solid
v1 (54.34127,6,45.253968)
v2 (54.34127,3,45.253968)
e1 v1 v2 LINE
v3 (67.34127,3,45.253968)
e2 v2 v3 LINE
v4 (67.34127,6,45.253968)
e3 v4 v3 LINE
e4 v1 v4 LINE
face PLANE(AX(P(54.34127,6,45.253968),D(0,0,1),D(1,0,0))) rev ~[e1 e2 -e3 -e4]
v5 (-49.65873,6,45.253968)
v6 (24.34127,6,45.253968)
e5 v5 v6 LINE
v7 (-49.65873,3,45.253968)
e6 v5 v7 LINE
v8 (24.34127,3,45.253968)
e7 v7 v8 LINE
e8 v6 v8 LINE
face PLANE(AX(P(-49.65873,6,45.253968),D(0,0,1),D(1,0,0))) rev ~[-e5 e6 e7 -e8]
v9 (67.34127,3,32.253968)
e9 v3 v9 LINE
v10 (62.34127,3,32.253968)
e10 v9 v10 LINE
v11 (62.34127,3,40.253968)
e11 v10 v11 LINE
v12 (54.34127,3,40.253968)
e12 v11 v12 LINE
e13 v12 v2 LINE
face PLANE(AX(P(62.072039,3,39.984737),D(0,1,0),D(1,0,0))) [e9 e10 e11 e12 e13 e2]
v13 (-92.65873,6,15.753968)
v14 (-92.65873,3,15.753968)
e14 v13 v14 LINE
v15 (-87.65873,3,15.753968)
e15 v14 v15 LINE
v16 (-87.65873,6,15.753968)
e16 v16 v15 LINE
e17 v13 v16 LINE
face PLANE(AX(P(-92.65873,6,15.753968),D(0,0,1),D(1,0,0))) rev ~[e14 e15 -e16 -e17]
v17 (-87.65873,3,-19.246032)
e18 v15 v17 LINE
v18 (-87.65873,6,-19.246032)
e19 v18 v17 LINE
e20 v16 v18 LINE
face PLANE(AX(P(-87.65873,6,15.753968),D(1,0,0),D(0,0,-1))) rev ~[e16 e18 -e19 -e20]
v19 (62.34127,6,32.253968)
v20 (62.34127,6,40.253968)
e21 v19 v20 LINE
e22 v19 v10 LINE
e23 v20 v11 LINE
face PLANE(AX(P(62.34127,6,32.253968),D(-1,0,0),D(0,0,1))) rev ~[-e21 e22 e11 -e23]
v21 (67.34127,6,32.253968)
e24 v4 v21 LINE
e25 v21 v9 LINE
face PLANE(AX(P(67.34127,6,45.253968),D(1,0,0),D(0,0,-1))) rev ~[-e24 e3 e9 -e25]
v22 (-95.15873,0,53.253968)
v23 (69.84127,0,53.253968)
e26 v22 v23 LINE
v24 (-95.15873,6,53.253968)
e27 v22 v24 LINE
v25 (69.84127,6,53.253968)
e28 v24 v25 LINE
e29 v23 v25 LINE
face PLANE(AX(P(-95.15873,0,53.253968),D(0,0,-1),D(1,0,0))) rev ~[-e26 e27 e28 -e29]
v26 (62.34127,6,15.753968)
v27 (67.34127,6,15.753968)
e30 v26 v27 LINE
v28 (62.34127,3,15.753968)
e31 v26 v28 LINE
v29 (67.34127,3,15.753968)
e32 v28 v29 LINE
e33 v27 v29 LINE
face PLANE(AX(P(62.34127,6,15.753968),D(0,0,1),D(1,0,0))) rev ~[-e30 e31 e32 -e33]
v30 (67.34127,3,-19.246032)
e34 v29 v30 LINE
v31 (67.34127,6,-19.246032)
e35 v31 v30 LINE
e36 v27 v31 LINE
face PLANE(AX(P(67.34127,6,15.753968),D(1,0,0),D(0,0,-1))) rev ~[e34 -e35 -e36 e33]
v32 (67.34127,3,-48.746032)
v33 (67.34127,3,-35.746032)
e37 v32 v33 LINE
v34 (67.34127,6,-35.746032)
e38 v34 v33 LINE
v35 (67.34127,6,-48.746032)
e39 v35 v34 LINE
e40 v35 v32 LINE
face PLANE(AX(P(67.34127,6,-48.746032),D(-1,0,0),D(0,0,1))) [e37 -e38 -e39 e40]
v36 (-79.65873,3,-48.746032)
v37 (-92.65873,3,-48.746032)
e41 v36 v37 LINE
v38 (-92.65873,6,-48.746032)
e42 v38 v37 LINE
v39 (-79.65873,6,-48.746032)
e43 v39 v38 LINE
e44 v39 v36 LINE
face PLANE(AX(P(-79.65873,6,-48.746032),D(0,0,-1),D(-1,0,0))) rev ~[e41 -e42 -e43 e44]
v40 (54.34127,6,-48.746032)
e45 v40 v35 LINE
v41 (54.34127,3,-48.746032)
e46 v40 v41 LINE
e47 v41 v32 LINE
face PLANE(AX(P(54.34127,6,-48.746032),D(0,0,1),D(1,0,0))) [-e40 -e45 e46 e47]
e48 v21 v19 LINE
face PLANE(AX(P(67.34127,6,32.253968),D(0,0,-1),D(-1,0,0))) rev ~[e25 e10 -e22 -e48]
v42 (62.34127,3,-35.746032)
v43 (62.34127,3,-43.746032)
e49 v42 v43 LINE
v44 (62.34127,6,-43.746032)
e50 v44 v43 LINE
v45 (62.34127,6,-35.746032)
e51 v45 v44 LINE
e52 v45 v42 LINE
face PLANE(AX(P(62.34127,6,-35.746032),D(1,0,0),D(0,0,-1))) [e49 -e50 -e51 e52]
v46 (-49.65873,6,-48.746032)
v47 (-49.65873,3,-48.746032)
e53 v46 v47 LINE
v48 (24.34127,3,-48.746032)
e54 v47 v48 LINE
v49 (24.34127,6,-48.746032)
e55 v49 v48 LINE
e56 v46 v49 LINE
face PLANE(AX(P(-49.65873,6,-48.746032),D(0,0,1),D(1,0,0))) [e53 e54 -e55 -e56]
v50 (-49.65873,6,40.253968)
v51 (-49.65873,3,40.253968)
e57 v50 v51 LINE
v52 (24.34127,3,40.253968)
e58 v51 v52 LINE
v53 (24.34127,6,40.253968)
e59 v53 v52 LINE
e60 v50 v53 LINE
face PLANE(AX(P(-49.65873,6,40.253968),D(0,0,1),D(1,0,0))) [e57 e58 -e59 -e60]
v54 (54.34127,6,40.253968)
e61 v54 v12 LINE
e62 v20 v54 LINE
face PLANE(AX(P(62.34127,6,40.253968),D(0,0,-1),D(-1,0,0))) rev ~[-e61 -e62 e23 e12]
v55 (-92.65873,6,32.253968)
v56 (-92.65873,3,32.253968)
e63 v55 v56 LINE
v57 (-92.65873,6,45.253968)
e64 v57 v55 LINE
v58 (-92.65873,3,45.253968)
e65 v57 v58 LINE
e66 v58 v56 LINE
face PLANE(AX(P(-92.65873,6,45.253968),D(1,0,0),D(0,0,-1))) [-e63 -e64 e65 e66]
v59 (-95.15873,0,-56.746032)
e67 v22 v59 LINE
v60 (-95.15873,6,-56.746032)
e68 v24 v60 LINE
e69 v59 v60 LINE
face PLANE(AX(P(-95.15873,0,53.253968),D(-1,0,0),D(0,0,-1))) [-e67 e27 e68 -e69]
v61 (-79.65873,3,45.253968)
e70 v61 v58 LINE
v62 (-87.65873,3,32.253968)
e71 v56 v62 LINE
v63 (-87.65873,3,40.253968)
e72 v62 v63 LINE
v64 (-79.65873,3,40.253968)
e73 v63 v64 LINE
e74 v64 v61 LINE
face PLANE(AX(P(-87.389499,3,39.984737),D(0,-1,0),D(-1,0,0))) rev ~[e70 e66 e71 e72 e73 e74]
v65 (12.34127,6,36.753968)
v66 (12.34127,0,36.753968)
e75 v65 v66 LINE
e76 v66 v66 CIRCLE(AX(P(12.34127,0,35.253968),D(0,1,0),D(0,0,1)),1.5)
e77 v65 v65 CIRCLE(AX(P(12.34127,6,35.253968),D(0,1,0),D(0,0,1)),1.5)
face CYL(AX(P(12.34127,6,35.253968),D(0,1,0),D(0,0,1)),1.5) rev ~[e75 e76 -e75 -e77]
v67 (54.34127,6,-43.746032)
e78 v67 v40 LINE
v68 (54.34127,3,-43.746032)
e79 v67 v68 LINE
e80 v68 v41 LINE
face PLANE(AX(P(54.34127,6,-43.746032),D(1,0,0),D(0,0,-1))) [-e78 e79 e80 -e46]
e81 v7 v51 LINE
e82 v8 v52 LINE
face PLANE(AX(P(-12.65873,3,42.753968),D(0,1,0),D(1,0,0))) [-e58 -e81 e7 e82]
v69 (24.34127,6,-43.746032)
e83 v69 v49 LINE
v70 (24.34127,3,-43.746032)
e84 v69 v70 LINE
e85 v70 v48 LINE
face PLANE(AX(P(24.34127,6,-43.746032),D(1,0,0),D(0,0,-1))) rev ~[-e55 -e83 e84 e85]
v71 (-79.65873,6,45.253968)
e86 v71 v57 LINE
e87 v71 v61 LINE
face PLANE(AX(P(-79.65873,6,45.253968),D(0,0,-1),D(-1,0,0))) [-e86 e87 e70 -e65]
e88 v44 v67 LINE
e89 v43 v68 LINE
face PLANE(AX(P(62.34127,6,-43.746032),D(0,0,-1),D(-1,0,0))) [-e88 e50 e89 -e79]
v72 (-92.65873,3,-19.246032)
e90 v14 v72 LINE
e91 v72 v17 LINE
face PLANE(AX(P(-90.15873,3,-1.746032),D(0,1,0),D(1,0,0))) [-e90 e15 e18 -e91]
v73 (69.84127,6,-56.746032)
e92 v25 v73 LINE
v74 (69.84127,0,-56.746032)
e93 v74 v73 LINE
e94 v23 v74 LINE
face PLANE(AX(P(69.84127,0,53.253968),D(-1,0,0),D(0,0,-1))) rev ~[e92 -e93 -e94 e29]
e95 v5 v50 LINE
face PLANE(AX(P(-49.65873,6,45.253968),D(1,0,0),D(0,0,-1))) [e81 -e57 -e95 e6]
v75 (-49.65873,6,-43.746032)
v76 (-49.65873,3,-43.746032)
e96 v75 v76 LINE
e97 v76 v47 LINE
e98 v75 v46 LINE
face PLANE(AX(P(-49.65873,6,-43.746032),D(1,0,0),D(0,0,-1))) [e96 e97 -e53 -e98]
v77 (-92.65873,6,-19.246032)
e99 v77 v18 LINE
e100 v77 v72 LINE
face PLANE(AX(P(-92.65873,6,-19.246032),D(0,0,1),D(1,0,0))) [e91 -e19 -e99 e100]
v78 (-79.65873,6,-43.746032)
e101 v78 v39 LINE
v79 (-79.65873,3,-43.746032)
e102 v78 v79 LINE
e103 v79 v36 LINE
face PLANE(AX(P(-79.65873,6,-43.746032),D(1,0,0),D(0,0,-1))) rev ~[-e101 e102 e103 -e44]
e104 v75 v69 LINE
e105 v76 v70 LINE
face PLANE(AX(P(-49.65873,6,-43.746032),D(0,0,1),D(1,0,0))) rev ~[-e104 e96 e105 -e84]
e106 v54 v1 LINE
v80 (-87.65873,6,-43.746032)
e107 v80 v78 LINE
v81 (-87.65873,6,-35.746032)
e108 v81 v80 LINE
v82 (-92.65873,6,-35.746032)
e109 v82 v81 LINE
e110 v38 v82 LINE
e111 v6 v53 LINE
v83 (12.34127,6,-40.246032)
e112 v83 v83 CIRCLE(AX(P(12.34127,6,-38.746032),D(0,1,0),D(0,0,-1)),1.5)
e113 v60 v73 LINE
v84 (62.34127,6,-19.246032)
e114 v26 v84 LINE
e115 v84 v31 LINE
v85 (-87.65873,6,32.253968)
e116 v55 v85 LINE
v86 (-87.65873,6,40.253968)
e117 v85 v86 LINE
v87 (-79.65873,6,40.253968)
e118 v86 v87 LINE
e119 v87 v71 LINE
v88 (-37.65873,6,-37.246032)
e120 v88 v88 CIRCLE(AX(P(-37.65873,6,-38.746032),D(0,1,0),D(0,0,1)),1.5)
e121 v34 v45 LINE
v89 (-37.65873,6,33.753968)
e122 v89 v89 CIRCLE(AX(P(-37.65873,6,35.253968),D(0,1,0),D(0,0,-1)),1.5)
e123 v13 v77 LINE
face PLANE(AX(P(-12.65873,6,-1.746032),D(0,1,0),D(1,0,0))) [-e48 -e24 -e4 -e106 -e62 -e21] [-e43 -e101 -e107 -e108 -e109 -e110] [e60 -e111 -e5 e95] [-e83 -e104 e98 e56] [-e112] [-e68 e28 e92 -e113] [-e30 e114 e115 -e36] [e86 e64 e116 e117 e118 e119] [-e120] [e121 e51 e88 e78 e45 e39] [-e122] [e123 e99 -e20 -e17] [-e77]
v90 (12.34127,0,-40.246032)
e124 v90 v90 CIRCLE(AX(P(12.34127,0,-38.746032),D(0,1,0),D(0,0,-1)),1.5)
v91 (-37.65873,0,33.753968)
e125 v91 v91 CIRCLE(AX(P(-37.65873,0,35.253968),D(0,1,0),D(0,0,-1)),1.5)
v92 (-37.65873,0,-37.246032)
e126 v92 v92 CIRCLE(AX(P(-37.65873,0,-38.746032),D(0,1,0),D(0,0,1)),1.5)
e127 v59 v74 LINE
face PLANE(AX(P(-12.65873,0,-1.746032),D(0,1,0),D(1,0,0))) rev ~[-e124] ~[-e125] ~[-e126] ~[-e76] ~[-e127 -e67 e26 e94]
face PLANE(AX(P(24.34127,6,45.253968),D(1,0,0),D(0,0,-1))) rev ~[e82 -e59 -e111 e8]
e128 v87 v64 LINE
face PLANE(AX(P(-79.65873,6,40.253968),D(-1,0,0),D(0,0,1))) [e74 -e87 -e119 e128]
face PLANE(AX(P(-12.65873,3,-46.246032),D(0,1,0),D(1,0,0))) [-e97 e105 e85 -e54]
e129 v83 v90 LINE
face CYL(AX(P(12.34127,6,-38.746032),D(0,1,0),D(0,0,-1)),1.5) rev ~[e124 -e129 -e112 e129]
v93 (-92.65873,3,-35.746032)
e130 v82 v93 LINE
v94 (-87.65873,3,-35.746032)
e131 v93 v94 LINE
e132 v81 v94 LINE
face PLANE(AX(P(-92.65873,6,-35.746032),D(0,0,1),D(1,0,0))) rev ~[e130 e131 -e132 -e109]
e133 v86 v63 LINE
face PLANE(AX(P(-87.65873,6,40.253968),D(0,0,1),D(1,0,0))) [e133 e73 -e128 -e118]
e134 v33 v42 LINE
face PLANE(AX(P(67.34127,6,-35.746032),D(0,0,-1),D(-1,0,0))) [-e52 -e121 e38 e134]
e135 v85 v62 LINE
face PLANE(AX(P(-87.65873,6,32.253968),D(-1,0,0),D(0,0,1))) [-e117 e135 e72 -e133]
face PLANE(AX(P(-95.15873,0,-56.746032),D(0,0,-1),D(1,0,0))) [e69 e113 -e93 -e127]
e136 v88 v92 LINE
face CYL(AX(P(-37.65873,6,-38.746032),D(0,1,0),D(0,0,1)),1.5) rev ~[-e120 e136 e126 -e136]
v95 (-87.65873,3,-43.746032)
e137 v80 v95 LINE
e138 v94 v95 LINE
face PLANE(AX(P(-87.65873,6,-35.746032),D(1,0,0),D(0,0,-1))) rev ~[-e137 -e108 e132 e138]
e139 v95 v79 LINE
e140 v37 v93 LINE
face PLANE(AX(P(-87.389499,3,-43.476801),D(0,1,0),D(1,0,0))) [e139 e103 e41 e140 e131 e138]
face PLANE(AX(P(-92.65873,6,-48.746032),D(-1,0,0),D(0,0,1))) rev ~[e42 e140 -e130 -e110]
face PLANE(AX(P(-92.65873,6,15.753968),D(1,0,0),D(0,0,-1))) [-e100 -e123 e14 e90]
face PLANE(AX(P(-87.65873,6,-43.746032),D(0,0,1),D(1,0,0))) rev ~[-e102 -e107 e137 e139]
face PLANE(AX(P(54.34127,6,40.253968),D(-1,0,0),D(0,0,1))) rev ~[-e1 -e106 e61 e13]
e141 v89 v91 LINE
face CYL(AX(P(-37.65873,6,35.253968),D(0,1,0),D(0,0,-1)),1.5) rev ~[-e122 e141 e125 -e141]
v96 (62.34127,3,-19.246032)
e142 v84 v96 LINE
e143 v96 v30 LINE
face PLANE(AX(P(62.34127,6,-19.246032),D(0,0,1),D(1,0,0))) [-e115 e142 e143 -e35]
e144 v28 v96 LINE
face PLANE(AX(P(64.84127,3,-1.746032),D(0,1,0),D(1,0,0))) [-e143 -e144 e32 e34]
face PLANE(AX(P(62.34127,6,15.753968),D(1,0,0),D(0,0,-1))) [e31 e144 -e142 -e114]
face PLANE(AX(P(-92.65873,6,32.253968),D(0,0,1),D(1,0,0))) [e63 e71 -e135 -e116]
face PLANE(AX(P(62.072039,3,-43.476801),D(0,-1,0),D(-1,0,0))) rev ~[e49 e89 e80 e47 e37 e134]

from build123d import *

# Parameters (mm, degrees)
SKETCH1_W           = 165
SKETCH1_H           = 110
BOSS_EXTRUDE1_DEPTH = 6
SKETCH2_W           = 5
SKETCH2_H           = 35
SKETCH2_W_2         = 74
SKETCH2_H_2         = 5
CUT_EXTRUDE1_DEPTH  = 3
SKETCH4_R           = 1.5
CUT_EXTRUDE2_DEPTH  = 111.956279878


with BuildPart() as part:
    # Sketch1 → Boss-Extrude1 (new body)
    with BuildSketch(Plane(origin=(0, 0, 0), x_dir=(1, 0, 0), z_dir=(0, 1, 0))):
        with Locations((-12.658730159, 1.746031746)):
            Rectangle(SKETCH1_W, SKETCH1_H)
    extrude(amount=BOSS_EXTRUDE1_DEPTH)

    # Sketch2 → Cut-Extrude1 (cut)
    with BuildSketch(Plane(origin=(0, 6, 0), x_dir=(1, 0, 0), z_dir=(0, 1, 0))):
        Polygon((-92.658730159, 48.746031746), (-92.658730159, 35.746031746), (-87.658730159, 35.746031746), (-87.658730159, 43.746031746), (-79.658730159, 43.746031746), (-79.658730159, 48.746031746), align=None)
        Polygon((-79.658730159, -40.253968254), (-79.658730159, -45.253968254), (-92.658730159, -45.253968254), (-92.658730159, -32.253968254), (-87.658730159, -32.253968254), (-87.658730159, -40.253968254), align=None)
        Polygon((54.341269841, 43.746031746), (54.341269841, 48.746031746), (67.341269841, 48.746031746), (67.341269841, 35.746031746), (62.341269841, 35.746031746), (62.341269841, 43.746031746), align=None)
        Polygon((62.341269841, -40.253968254), (54.341269841, -40.253968254), (54.341269841, -45.253968254), (67.341269841, -45.253968254), (67.341269841, -32.253968254), (62.341269841, -32.253968254), align=None)
        with Locations((64.841269841, 1.746031746)):
            Rectangle(SKETCH2_W, SKETCH2_H)
        with Locations((-90.158730159, 1.746031746)):
            Rectangle(SKETCH2_W, SKETCH2_H)
        with Locations((-12.658730159, -42.753968254)):
            Rectangle(SKETCH2_W_2, SKETCH2_H_2)
        with Locations((-12.658730159, 46.246031746)):
            Rectangle(SKETCH2_W_2, SKETCH2_H_2)
    extrude(amount=-CUT_EXTRUDE1_DEPTH, mode=Mode.SUBTRACT)

    # Sketch4 → Cut-Extrude2 (cut, through all)
    with BuildSketch(Plane(origin=(0, 6, 0), x_dir=(1, 0, 0), z_dir=(0, 1, 0))):
        with Locations(Location((-37.658730159, 38.746031746, 0), (0, 0, 270))):
            Circle(SKETCH4_R)
        with Locations(Location((12.341269841, 38.746031746, 0), (0, 0, 90))):
            Circle(SKETCH4_R)
        with Locations(Location((12.341269841, -35.253968254, 0), (0, 0, 270))):
            Circle(SKETCH4_R)
        with Locations(Location((-37.658730159, -35.253968254, 0), (0, 0, 90))):
            Circle(SKETCH4_R)
    extrude(amount=-CUT_EXTRUDE2_DEPTH, mode=Mode.SUBTRACT)


solid = part.part
